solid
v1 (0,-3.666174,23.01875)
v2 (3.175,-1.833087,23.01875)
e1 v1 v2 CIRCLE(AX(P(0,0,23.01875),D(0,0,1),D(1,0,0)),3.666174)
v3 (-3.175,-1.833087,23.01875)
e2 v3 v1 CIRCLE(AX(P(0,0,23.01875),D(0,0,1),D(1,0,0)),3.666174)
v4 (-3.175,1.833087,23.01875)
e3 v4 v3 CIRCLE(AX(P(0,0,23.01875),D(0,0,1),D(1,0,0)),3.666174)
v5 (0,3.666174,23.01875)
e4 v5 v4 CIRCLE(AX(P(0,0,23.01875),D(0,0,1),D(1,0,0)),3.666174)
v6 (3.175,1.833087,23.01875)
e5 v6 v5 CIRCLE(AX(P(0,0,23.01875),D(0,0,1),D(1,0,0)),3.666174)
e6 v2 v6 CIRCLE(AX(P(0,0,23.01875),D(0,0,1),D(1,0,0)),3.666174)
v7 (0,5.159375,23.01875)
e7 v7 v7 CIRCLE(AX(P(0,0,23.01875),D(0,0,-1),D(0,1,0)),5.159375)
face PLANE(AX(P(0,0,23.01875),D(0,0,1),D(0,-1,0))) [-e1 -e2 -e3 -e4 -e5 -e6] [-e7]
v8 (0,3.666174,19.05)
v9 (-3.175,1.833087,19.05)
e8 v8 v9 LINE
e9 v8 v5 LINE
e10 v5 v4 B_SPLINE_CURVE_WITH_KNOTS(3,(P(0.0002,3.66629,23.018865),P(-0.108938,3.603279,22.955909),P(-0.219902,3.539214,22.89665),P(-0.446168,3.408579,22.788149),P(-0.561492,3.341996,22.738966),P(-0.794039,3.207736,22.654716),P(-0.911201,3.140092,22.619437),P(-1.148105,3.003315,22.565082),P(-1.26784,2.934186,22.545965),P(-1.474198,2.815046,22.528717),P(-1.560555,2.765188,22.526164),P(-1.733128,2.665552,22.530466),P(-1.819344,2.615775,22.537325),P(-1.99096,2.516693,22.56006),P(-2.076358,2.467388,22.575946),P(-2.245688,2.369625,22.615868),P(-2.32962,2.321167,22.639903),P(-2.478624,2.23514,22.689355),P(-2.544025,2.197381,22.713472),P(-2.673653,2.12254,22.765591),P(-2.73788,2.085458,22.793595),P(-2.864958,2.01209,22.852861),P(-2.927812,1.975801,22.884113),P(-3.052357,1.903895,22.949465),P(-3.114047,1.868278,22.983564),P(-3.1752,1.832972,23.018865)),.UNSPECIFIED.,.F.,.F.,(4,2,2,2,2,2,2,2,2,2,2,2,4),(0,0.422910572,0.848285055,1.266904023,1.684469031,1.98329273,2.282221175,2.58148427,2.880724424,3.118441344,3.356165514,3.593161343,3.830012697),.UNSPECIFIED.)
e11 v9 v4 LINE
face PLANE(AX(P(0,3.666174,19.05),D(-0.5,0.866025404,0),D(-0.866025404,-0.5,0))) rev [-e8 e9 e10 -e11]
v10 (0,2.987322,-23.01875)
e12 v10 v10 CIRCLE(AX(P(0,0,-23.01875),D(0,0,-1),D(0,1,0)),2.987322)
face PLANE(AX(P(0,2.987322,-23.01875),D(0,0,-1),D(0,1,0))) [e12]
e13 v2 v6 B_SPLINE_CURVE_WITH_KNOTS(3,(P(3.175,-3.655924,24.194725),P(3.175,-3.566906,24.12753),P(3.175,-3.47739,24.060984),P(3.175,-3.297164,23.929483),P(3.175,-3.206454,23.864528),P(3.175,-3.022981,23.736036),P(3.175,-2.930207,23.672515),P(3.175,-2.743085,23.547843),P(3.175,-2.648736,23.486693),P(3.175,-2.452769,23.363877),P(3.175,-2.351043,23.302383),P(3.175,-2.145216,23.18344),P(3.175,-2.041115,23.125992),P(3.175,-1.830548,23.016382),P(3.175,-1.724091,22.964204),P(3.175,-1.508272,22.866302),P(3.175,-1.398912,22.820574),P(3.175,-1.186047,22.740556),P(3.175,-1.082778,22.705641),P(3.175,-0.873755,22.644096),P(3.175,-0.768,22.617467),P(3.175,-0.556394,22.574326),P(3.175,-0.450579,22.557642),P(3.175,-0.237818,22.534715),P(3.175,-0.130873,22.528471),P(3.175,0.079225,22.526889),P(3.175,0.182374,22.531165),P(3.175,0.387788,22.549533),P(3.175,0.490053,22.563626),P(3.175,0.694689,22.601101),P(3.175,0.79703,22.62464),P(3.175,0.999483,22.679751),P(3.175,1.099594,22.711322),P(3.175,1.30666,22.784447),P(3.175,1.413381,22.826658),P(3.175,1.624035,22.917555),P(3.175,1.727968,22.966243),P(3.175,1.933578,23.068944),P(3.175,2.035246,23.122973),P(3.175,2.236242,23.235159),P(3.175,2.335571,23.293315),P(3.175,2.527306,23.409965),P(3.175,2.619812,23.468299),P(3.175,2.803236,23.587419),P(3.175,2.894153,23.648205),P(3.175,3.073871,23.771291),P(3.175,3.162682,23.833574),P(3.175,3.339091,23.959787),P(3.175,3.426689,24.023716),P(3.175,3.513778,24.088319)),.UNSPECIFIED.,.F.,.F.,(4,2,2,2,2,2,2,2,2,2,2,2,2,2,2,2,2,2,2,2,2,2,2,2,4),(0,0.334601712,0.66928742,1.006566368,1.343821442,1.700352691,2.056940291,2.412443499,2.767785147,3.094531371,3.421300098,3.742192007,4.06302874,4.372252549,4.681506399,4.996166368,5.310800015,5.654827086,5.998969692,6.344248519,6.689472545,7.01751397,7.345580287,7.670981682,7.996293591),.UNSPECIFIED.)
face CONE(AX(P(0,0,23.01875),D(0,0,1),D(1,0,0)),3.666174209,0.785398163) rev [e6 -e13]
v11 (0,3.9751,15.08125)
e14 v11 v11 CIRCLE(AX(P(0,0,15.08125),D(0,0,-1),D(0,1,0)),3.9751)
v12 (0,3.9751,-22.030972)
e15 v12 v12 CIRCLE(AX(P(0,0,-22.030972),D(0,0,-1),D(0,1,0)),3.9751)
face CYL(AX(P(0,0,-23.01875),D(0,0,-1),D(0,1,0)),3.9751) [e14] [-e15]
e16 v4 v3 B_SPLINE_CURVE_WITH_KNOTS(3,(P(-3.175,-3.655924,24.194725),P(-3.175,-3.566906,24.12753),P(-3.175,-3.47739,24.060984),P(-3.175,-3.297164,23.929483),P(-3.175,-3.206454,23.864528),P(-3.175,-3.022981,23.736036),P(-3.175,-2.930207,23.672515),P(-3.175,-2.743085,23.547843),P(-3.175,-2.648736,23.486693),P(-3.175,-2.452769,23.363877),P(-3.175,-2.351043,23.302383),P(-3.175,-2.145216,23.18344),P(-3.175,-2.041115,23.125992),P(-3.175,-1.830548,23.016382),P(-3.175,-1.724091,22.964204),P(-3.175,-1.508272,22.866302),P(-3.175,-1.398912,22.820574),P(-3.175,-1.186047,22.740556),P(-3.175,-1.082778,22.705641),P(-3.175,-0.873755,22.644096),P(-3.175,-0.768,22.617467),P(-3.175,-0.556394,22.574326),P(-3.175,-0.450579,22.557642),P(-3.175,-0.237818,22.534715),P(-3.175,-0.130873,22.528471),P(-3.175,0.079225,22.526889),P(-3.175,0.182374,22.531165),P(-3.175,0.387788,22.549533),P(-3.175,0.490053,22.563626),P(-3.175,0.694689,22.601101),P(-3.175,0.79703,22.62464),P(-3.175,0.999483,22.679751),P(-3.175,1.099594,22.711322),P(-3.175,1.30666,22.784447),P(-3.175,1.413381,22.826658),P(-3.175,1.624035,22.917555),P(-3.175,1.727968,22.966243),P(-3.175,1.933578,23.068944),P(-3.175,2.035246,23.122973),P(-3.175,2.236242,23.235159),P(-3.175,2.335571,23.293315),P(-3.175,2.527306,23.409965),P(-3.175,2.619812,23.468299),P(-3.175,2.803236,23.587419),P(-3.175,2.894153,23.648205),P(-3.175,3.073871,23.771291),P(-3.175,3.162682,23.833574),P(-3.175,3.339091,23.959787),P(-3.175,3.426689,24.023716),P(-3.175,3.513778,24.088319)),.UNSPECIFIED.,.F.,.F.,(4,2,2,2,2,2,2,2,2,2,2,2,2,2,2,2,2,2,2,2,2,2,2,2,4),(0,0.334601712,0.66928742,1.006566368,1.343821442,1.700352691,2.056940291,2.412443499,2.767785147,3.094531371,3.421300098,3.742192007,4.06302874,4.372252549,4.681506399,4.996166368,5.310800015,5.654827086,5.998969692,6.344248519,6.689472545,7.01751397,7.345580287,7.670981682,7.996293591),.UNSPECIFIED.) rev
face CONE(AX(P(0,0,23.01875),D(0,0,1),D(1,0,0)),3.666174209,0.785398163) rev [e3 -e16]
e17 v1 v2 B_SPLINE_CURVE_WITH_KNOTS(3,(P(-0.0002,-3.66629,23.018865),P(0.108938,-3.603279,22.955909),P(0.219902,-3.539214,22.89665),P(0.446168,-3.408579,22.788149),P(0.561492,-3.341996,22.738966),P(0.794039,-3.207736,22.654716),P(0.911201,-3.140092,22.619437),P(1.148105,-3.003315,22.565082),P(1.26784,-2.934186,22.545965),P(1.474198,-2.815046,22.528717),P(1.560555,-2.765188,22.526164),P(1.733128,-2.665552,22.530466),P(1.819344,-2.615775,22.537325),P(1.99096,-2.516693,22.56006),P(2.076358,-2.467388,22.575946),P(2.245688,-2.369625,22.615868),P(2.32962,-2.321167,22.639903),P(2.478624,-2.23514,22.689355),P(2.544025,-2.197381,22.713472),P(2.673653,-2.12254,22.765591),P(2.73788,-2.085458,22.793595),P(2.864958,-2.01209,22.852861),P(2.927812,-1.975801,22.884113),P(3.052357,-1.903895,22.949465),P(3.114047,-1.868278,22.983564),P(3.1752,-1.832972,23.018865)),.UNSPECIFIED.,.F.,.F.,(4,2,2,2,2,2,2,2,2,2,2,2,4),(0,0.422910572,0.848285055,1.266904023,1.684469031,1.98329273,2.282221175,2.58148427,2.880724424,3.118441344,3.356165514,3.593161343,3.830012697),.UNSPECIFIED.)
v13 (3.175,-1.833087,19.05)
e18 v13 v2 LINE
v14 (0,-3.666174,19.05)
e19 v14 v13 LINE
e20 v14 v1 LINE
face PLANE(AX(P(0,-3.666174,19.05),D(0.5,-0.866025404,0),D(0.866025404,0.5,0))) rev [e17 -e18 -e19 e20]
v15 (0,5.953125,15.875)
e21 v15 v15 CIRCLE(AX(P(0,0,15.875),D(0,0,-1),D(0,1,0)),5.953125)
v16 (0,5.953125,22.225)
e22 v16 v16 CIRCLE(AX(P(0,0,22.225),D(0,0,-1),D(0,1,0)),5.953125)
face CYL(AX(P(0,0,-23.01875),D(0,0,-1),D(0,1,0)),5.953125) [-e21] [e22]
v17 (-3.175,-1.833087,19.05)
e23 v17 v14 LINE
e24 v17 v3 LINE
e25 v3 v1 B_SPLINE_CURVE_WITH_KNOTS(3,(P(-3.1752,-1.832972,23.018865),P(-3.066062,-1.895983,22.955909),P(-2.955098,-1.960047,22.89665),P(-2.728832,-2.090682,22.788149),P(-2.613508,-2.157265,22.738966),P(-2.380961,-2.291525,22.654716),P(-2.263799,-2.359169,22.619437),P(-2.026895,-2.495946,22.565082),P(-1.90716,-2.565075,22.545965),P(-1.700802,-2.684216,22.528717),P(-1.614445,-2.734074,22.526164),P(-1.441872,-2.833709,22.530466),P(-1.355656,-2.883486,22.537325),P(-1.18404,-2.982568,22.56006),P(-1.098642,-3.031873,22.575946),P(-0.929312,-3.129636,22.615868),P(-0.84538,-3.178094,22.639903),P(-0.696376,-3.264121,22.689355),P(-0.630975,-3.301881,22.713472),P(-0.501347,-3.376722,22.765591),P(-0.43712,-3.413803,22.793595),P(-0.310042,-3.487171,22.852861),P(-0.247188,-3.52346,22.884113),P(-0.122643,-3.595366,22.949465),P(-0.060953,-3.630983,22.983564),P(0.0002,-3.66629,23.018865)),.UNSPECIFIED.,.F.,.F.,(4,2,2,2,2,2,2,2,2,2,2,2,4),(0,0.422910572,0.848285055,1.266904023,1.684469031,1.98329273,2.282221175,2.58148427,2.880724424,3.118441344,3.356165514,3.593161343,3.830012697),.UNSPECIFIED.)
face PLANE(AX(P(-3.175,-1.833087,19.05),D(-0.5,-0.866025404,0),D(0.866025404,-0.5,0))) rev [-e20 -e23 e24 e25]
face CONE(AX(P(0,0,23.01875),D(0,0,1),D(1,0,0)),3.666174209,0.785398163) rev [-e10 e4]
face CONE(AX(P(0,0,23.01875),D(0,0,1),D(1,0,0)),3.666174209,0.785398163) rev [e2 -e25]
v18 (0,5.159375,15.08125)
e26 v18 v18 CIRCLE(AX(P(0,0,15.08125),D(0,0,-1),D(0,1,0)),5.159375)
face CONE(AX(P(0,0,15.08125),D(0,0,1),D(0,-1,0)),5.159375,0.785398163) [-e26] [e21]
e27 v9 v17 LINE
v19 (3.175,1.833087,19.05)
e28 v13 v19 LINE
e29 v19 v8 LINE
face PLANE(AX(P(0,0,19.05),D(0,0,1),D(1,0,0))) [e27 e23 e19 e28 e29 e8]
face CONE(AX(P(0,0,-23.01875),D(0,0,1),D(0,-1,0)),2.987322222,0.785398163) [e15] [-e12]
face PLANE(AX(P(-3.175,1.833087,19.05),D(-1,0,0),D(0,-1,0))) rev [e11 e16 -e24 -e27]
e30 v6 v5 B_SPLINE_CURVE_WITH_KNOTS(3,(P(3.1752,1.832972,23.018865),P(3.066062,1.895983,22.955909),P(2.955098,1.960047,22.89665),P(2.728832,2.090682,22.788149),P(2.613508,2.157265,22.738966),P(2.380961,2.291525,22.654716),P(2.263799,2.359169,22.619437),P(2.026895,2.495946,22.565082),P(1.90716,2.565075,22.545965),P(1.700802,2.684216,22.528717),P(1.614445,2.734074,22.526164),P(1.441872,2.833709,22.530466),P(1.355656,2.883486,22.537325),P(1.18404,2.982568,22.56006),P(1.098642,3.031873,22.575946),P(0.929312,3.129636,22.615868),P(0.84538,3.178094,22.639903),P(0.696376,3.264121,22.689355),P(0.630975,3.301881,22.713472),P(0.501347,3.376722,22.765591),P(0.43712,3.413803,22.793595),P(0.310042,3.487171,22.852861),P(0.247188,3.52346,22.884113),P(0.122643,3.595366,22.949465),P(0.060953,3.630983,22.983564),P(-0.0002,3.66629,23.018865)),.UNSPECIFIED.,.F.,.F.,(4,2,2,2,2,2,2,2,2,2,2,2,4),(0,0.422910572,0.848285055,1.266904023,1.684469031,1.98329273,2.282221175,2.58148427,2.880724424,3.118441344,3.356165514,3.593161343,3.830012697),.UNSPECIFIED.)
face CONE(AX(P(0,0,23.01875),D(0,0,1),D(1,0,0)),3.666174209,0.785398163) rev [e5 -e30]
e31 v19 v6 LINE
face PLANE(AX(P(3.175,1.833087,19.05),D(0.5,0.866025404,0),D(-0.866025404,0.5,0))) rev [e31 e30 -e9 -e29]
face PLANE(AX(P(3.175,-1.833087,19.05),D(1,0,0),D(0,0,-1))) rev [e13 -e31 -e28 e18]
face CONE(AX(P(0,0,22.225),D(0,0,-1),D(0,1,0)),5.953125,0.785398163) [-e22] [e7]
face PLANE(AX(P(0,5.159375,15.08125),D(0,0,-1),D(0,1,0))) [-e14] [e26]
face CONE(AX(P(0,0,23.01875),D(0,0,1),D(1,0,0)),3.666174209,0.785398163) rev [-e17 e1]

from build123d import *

# Parameters (mm, degrees)
CUT_EXTRUDE1_DEPTH = 3.96875


with BuildPart() as part:
    # Sketch3 → Revolve1 (revolve)
    with BuildSketch(Plane(origin=(0, 0, 0), x_dir=(0, 0, -1), z_dir=(1, 0, 0))):
        Polygon((23.01875, 0), (-23.01875, 0), (-23.01875, 5.159375), (-22.225, 5.953125), (-15.875, 5.953125), (-15.08125, 5.159375), (-15.08125, 3.9751), (22.030972222, 3.9751), (23.01875, 2.987322222), align=None)
    revolve(axis=Axis((0, 0, -23.01875), (0, 0, 1)))

    # Sketch4 → Cut-Extrude1 (cut)
    with BuildSketch(Plane.XY.offset(23.01875)):
        Polygon((0, -3.666174209), (3.175, -1.833087105), (3.175, 1.833087105), (0, 3.666174209), (-3.175, 1.833087105), (-3.175, -1.833087105), align=None)
    extrude(amount=-CUT_EXTRUDE1_DEPTH, mode=Mode.SUBTRACT)

    # Cut-Extrude3 cone 1 section (through the dimple's axis) → Cut-Extrude3 (revolve, cut)
    with BuildSketch(Plane(origin=(0, 0, 23.01875), x_dir=(0, -1, 0), z_dir=(1, 0, 0))):
        Polygon((0, 0), (3.666174209, 0), (0, 3.666174209), align=None)
    revolve(axis=Axis((0, 0, 23.01875), (0, 0, -1)), mode=Mode.SUBTRACT)


solid = part.part
